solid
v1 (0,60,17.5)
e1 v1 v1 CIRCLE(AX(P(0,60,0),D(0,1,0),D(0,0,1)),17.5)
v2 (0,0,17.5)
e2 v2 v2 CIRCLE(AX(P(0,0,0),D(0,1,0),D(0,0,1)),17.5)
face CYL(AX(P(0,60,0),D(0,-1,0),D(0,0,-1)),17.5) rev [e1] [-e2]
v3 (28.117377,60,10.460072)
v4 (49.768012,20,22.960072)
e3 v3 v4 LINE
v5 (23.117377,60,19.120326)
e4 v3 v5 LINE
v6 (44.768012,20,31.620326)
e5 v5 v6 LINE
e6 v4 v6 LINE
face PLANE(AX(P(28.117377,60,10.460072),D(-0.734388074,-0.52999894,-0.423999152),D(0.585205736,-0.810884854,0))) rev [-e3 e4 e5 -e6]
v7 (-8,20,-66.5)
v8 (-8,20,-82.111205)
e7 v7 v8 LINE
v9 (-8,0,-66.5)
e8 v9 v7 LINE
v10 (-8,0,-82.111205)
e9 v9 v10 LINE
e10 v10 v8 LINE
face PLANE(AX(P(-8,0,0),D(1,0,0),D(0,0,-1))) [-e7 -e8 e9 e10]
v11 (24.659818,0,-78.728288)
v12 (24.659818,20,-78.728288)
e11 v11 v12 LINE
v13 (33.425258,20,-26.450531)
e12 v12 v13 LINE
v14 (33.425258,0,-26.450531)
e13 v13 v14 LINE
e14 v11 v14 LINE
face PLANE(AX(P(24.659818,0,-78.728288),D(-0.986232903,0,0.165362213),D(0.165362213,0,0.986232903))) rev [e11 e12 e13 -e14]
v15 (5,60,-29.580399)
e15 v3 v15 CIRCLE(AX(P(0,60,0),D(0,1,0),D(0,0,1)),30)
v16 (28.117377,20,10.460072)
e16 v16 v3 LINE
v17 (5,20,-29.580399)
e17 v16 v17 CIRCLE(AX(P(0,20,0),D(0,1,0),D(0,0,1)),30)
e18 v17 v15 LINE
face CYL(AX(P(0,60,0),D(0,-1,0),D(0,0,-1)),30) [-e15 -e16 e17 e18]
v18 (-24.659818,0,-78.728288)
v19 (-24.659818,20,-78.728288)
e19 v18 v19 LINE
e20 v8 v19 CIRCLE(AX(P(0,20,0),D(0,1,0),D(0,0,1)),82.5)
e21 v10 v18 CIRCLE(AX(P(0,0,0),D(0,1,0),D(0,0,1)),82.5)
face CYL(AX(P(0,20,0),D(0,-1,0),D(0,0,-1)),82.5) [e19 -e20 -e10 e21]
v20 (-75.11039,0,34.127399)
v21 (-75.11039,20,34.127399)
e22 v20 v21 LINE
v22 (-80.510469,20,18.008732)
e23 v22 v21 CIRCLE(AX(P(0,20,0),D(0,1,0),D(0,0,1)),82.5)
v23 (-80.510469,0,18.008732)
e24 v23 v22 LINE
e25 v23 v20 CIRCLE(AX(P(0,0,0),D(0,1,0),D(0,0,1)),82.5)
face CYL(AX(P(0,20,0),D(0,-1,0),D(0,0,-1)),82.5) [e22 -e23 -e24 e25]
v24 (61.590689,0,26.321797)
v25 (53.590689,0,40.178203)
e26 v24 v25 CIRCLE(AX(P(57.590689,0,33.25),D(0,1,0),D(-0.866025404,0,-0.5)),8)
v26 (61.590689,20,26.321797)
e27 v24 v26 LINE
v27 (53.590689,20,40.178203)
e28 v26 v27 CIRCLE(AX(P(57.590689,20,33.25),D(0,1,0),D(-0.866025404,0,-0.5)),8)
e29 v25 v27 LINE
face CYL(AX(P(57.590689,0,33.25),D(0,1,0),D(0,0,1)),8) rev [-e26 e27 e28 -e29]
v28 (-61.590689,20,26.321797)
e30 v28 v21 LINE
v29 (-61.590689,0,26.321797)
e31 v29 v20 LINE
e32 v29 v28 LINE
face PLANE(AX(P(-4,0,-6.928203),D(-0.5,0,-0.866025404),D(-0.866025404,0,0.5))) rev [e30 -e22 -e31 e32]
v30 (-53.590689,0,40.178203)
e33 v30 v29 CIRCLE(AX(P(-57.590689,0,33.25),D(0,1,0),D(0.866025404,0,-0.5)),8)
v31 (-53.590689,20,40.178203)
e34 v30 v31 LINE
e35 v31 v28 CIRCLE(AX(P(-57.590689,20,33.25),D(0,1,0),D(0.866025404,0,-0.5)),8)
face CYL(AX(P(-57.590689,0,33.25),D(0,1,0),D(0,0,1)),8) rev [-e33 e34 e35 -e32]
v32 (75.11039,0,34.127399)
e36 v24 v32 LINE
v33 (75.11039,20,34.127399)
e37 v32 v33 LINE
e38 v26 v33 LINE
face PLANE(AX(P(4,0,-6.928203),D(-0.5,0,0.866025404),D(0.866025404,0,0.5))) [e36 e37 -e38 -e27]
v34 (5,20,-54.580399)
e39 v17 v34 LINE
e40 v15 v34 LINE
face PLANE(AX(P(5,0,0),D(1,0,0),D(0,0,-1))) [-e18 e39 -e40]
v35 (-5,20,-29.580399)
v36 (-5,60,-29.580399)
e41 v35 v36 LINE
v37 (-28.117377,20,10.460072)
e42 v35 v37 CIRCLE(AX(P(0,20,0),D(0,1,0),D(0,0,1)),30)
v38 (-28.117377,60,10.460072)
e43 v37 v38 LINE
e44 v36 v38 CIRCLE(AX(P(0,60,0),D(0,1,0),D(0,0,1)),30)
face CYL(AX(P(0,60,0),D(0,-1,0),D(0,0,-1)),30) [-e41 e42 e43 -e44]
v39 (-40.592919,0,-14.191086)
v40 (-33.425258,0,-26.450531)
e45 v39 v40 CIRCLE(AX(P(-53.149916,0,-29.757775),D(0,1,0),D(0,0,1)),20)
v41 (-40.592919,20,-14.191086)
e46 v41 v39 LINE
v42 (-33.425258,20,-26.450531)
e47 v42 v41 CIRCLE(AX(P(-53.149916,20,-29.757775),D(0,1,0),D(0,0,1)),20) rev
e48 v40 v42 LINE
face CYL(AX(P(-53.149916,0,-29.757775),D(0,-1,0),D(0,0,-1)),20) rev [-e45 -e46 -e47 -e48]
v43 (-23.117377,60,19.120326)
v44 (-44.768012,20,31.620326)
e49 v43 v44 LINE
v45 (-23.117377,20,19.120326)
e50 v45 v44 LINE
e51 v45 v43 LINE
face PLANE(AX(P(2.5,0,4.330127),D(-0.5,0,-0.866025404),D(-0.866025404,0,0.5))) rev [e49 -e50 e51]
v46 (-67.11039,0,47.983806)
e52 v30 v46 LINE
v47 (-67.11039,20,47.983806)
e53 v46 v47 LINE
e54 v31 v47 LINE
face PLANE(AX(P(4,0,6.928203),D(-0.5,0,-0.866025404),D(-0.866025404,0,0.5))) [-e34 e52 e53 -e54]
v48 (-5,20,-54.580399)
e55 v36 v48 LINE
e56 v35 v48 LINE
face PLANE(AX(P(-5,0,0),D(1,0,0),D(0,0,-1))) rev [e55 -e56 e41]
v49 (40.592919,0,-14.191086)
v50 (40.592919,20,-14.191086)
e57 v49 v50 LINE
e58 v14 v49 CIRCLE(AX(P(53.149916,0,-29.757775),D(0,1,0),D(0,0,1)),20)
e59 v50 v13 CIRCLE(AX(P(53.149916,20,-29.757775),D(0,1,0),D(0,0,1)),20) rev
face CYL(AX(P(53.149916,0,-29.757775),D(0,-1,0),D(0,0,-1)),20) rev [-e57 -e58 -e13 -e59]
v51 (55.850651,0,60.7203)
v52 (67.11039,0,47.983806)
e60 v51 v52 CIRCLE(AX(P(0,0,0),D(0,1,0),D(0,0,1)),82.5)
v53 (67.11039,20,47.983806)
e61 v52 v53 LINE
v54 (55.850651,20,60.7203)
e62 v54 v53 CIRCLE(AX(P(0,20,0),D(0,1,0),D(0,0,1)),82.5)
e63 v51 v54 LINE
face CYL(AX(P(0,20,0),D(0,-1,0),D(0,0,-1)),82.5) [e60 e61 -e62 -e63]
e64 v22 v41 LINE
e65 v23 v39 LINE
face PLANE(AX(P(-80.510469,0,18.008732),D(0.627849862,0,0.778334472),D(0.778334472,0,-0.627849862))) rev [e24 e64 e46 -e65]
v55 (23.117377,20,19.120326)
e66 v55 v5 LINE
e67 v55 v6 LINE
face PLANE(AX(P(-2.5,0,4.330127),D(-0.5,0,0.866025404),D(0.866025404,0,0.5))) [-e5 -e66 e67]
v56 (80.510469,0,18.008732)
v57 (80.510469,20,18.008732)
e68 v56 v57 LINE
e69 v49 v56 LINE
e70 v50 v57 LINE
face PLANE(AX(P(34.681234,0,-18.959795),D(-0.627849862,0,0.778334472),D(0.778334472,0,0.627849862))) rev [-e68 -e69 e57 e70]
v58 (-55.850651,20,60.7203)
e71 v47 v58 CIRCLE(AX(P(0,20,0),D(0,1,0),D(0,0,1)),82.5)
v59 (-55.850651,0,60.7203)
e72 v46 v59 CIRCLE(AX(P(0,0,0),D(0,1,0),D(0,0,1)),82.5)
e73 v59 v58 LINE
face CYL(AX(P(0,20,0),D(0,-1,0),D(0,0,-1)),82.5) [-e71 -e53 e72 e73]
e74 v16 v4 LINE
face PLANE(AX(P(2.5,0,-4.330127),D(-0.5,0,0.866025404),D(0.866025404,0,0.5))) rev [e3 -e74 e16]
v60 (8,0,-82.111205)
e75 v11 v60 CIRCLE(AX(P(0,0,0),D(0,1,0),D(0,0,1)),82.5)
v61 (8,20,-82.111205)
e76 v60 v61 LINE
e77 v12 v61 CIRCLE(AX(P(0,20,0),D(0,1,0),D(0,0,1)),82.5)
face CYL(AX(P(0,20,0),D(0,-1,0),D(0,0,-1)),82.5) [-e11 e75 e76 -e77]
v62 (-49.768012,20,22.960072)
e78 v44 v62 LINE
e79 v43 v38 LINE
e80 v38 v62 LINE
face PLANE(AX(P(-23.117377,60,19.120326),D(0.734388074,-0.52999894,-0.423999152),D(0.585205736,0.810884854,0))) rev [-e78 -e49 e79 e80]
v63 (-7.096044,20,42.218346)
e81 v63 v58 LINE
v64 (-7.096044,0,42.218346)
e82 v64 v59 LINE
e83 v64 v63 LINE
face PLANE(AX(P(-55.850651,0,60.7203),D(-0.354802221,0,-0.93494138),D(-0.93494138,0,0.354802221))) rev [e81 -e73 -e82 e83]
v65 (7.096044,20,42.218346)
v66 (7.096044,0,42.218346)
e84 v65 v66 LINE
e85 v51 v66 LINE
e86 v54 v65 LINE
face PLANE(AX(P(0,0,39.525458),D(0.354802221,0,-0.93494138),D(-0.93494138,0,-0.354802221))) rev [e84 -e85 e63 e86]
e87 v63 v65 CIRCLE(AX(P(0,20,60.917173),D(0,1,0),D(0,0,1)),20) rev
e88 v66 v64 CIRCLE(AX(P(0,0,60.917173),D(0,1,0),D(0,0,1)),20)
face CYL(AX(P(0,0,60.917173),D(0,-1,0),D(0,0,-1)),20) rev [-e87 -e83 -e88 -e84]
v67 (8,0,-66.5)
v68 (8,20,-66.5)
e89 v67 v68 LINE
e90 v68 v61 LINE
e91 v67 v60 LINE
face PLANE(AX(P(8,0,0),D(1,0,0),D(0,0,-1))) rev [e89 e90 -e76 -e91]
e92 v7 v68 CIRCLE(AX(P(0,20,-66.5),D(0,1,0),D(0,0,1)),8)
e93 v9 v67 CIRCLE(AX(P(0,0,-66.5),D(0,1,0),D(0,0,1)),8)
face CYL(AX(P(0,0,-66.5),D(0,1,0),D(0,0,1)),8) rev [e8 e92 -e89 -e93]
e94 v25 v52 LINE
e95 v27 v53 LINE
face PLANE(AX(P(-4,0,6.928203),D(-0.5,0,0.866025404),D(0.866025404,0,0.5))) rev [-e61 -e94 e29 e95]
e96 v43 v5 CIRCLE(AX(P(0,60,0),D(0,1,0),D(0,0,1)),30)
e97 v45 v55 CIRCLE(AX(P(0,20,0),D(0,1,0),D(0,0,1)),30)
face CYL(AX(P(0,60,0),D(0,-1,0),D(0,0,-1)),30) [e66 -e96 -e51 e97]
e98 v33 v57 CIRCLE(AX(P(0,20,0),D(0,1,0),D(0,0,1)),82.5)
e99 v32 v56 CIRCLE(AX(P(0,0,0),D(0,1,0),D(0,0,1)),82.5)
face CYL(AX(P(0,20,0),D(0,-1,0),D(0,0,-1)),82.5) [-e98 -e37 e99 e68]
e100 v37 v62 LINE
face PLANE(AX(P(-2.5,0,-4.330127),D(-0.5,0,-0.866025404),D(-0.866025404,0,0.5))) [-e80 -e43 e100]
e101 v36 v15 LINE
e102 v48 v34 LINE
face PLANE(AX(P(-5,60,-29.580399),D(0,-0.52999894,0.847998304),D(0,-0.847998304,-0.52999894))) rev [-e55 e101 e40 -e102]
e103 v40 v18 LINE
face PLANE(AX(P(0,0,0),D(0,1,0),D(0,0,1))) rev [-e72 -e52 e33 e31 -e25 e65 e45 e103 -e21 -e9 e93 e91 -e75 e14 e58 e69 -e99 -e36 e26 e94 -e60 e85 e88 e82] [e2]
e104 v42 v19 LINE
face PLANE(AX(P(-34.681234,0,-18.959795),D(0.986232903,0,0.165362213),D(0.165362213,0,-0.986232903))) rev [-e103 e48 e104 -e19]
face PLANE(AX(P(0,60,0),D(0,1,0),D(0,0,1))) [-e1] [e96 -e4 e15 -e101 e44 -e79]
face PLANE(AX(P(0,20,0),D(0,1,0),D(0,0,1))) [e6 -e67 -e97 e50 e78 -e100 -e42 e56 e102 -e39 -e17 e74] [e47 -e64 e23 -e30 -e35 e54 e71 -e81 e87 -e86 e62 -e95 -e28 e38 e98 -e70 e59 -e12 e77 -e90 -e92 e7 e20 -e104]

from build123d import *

# Parameters (mm, degrees)
SKETCH1_R           = 82.5
SKETCH1_R_2         = 30
BOSS_EXTRUDE2_DEPTH = 20
SKETCH1_4_R         = 30
SKETCH1_4_R_2       = 17.5
BOSS_EXTRUDE3_DEPTH = 60
SKETCH3_W           = 50
SKETCH3_H           = 40
BOSS_EXTRUDE4_DEPTH = 5
CIRPATTERN1_COUNT   = 3
CUT_EXTRUDE5_DEPTH  = 10
CIRPATTERN4_COUNT   = 3
CUT_EXTRUDE7_DEPTH  = 124.338963835
CIRPATTERN5_COUNT   = 3
CUT_EXTRUDE8_DEPTH  = 124.338963835
FILLET1_R           = 20


with BuildPart() as part:
    # Sketch1 → Boss-Extrude2 (new body)
    with BuildSketch(Plane(origin=(0, 0, 0), x_dir=(1, 0, 0), z_dir=(0, 1, 0))):
        Circle(SKETCH1_R)
        Circle(SKETCH1_R_2, mode=Mode.SUBTRACT)
    extrude(amount=BOSS_EXTRUDE2_DEPTH)

    # Sketch1<4> → Boss-Extrude3 (add)
    with BuildSketch(Plane(origin=(0, 0, 0), x_dir=(1, 0, 0), z_dir=(0, 1, 0))):
        Circle(SKETCH1_4_R)
        Circle(SKETCH1_4_R_2, mode=Mode.SUBTRACT)
    extrude(amount=BOSS_EXTRUDE3_DEPTH)

    # Sketch3 → Boss-Extrude4 (add, symmetric)
    with BuildSketch(Plane(origin=(0, 0, 0), x_dir=(0, 0, -1), z_dir=(1, 0, 0))):
        with Locations((42.5, 40)):
            Rectangle(SKETCH3_W, SKETCH3_H)
    boss_extrude4 = extrude(amount=BOSS_EXTRUDE4_DEPTH, both=True)

    # CirPattern1: Boss-Extrude4 ×3 about axis
    cirpattern1_axis = Axis((0, 60, 0), (0, 1, 0))
    for i in range(1, CIRPATTERN1_COUNT):
        add(boss_extrude4.rotate(cirpattern1_axis, i * 360 / CIRPATTERN1_COUNT))

    # Sketch15 → Cut-Extrude5 (cut)
    with BuildSketch(Plane(origin=(5, 0, 0), x_dir=(0, 0, -1), z_dir=(1, 0, 0))):
        Polygon((29.580398915, 60), (54.580398915, 20), (67.5, 20), (67.5, 60), align=None)
    cut_extrude5 = extrude(amount=-CUT_EXTRUDE5_DEPTH, mode=Mode.SUBTRACT)

    # CirPattern4: Cut-Extrude5 ×3 about axis
    cirpattern4_axis = Axis((0, 60, 0), (0, 1, 0))
    for i in range(1, CIRPATTERN4_COUNT):
        add(cut_extrude5.rotate(cirpattern4_axis, i * 360 / CIRPATTERN4_COUNT), mode=Mode.SUBTRACT)

    # Sketch22 → Cut-Extrude7 (cut, through all)
    with BuildSketch(Plane(origin=(0, 20, 0), x_dir=(1, 0, 0), z_dir=(0, 1, 0))):
        with BuildLine():
            Line((8, 66.5), (8, 82.111205082))
            ThreePointArc((8, 82.111205082), (0, 82.5), (-8, 82.111205082))
            Line((-8, 82.111205082), (-8, 66.5))
            ThreePointArc((-8, 66.5), (0, 58.5), (8, 66.5))
        make_face()
    cut_extrude7 = extrude(amount=-CUT_EXTRUDE7_DEPTH, mode=Mode.SUBTRACT)

    # CirPattern5: Cut-Extrude7 ×3 about axis
    cirpattern5_axis = Axis((0, 60, 0), (0, 1, 0))
    for i in range(1, CIRPATTERN5_COUNT):
        add(cut_extrude7.rotate(cirpattern5_axis, i * 360 / CIRPATTERN5_COUNT), mode=Mode.SUBTRACT)

    # Sketch29 → Cut-Extrude8 (cut, through all)
    with BuildSketch(Plane(origin=(0, 20, 0), x_dir=(1, 0, 0), z_dir=(0, 1, 0))):
        with BuildLine():
            Line((-80.510468766, -18.008731746), (-34.681233917, 18.959795028))
            Line((-34.681233917, 18.959795028), (-24.659817795, 78.728288349))
            ThreePointArc((-24.659817795, 78.728288349), (-71.447253677, 41.249726568), (-80.510468766, -18.008731746))
        make_face()
        with BuildLine():
            Line((24.659817795, 78.728288349), (34.681233917, 18.959795028))
            Line((34.681233917, 18.959795028), (80.510468766, -18.008731746))
            ThreePointArc((80.510468766, -18.008731746), (71.447253677, 41.249726568), (24.659817795, 78.728288349))
        make_face()
        with BuildLine():
            Line((-55.850650713, -60.720299859), (0, -39.52545779))
            Line((0, -39.52545779), (55.850650713, -60.720299859))
            ThreePointArc((55.850650713, -60.720299859), (0, -82.5), (-55.850650713, -60.720299859))
        make_face()
    extrude(amount=-CUT_EXTRUDE8_DEPTH, mode=Mode.SUBTRACT)

    # Fillet1
    fillet1_edges = [part.edges().sort_by_distance(p)[0] for p in [
        (-34.681233917, 10, -18.959795028),
        (0, 10, 39.52545779),
        (34.681233917, 10, -18.959795028),
    ]]
    fillet(fillet1_edges, radius=FILLET1_R)


solid = part.part
